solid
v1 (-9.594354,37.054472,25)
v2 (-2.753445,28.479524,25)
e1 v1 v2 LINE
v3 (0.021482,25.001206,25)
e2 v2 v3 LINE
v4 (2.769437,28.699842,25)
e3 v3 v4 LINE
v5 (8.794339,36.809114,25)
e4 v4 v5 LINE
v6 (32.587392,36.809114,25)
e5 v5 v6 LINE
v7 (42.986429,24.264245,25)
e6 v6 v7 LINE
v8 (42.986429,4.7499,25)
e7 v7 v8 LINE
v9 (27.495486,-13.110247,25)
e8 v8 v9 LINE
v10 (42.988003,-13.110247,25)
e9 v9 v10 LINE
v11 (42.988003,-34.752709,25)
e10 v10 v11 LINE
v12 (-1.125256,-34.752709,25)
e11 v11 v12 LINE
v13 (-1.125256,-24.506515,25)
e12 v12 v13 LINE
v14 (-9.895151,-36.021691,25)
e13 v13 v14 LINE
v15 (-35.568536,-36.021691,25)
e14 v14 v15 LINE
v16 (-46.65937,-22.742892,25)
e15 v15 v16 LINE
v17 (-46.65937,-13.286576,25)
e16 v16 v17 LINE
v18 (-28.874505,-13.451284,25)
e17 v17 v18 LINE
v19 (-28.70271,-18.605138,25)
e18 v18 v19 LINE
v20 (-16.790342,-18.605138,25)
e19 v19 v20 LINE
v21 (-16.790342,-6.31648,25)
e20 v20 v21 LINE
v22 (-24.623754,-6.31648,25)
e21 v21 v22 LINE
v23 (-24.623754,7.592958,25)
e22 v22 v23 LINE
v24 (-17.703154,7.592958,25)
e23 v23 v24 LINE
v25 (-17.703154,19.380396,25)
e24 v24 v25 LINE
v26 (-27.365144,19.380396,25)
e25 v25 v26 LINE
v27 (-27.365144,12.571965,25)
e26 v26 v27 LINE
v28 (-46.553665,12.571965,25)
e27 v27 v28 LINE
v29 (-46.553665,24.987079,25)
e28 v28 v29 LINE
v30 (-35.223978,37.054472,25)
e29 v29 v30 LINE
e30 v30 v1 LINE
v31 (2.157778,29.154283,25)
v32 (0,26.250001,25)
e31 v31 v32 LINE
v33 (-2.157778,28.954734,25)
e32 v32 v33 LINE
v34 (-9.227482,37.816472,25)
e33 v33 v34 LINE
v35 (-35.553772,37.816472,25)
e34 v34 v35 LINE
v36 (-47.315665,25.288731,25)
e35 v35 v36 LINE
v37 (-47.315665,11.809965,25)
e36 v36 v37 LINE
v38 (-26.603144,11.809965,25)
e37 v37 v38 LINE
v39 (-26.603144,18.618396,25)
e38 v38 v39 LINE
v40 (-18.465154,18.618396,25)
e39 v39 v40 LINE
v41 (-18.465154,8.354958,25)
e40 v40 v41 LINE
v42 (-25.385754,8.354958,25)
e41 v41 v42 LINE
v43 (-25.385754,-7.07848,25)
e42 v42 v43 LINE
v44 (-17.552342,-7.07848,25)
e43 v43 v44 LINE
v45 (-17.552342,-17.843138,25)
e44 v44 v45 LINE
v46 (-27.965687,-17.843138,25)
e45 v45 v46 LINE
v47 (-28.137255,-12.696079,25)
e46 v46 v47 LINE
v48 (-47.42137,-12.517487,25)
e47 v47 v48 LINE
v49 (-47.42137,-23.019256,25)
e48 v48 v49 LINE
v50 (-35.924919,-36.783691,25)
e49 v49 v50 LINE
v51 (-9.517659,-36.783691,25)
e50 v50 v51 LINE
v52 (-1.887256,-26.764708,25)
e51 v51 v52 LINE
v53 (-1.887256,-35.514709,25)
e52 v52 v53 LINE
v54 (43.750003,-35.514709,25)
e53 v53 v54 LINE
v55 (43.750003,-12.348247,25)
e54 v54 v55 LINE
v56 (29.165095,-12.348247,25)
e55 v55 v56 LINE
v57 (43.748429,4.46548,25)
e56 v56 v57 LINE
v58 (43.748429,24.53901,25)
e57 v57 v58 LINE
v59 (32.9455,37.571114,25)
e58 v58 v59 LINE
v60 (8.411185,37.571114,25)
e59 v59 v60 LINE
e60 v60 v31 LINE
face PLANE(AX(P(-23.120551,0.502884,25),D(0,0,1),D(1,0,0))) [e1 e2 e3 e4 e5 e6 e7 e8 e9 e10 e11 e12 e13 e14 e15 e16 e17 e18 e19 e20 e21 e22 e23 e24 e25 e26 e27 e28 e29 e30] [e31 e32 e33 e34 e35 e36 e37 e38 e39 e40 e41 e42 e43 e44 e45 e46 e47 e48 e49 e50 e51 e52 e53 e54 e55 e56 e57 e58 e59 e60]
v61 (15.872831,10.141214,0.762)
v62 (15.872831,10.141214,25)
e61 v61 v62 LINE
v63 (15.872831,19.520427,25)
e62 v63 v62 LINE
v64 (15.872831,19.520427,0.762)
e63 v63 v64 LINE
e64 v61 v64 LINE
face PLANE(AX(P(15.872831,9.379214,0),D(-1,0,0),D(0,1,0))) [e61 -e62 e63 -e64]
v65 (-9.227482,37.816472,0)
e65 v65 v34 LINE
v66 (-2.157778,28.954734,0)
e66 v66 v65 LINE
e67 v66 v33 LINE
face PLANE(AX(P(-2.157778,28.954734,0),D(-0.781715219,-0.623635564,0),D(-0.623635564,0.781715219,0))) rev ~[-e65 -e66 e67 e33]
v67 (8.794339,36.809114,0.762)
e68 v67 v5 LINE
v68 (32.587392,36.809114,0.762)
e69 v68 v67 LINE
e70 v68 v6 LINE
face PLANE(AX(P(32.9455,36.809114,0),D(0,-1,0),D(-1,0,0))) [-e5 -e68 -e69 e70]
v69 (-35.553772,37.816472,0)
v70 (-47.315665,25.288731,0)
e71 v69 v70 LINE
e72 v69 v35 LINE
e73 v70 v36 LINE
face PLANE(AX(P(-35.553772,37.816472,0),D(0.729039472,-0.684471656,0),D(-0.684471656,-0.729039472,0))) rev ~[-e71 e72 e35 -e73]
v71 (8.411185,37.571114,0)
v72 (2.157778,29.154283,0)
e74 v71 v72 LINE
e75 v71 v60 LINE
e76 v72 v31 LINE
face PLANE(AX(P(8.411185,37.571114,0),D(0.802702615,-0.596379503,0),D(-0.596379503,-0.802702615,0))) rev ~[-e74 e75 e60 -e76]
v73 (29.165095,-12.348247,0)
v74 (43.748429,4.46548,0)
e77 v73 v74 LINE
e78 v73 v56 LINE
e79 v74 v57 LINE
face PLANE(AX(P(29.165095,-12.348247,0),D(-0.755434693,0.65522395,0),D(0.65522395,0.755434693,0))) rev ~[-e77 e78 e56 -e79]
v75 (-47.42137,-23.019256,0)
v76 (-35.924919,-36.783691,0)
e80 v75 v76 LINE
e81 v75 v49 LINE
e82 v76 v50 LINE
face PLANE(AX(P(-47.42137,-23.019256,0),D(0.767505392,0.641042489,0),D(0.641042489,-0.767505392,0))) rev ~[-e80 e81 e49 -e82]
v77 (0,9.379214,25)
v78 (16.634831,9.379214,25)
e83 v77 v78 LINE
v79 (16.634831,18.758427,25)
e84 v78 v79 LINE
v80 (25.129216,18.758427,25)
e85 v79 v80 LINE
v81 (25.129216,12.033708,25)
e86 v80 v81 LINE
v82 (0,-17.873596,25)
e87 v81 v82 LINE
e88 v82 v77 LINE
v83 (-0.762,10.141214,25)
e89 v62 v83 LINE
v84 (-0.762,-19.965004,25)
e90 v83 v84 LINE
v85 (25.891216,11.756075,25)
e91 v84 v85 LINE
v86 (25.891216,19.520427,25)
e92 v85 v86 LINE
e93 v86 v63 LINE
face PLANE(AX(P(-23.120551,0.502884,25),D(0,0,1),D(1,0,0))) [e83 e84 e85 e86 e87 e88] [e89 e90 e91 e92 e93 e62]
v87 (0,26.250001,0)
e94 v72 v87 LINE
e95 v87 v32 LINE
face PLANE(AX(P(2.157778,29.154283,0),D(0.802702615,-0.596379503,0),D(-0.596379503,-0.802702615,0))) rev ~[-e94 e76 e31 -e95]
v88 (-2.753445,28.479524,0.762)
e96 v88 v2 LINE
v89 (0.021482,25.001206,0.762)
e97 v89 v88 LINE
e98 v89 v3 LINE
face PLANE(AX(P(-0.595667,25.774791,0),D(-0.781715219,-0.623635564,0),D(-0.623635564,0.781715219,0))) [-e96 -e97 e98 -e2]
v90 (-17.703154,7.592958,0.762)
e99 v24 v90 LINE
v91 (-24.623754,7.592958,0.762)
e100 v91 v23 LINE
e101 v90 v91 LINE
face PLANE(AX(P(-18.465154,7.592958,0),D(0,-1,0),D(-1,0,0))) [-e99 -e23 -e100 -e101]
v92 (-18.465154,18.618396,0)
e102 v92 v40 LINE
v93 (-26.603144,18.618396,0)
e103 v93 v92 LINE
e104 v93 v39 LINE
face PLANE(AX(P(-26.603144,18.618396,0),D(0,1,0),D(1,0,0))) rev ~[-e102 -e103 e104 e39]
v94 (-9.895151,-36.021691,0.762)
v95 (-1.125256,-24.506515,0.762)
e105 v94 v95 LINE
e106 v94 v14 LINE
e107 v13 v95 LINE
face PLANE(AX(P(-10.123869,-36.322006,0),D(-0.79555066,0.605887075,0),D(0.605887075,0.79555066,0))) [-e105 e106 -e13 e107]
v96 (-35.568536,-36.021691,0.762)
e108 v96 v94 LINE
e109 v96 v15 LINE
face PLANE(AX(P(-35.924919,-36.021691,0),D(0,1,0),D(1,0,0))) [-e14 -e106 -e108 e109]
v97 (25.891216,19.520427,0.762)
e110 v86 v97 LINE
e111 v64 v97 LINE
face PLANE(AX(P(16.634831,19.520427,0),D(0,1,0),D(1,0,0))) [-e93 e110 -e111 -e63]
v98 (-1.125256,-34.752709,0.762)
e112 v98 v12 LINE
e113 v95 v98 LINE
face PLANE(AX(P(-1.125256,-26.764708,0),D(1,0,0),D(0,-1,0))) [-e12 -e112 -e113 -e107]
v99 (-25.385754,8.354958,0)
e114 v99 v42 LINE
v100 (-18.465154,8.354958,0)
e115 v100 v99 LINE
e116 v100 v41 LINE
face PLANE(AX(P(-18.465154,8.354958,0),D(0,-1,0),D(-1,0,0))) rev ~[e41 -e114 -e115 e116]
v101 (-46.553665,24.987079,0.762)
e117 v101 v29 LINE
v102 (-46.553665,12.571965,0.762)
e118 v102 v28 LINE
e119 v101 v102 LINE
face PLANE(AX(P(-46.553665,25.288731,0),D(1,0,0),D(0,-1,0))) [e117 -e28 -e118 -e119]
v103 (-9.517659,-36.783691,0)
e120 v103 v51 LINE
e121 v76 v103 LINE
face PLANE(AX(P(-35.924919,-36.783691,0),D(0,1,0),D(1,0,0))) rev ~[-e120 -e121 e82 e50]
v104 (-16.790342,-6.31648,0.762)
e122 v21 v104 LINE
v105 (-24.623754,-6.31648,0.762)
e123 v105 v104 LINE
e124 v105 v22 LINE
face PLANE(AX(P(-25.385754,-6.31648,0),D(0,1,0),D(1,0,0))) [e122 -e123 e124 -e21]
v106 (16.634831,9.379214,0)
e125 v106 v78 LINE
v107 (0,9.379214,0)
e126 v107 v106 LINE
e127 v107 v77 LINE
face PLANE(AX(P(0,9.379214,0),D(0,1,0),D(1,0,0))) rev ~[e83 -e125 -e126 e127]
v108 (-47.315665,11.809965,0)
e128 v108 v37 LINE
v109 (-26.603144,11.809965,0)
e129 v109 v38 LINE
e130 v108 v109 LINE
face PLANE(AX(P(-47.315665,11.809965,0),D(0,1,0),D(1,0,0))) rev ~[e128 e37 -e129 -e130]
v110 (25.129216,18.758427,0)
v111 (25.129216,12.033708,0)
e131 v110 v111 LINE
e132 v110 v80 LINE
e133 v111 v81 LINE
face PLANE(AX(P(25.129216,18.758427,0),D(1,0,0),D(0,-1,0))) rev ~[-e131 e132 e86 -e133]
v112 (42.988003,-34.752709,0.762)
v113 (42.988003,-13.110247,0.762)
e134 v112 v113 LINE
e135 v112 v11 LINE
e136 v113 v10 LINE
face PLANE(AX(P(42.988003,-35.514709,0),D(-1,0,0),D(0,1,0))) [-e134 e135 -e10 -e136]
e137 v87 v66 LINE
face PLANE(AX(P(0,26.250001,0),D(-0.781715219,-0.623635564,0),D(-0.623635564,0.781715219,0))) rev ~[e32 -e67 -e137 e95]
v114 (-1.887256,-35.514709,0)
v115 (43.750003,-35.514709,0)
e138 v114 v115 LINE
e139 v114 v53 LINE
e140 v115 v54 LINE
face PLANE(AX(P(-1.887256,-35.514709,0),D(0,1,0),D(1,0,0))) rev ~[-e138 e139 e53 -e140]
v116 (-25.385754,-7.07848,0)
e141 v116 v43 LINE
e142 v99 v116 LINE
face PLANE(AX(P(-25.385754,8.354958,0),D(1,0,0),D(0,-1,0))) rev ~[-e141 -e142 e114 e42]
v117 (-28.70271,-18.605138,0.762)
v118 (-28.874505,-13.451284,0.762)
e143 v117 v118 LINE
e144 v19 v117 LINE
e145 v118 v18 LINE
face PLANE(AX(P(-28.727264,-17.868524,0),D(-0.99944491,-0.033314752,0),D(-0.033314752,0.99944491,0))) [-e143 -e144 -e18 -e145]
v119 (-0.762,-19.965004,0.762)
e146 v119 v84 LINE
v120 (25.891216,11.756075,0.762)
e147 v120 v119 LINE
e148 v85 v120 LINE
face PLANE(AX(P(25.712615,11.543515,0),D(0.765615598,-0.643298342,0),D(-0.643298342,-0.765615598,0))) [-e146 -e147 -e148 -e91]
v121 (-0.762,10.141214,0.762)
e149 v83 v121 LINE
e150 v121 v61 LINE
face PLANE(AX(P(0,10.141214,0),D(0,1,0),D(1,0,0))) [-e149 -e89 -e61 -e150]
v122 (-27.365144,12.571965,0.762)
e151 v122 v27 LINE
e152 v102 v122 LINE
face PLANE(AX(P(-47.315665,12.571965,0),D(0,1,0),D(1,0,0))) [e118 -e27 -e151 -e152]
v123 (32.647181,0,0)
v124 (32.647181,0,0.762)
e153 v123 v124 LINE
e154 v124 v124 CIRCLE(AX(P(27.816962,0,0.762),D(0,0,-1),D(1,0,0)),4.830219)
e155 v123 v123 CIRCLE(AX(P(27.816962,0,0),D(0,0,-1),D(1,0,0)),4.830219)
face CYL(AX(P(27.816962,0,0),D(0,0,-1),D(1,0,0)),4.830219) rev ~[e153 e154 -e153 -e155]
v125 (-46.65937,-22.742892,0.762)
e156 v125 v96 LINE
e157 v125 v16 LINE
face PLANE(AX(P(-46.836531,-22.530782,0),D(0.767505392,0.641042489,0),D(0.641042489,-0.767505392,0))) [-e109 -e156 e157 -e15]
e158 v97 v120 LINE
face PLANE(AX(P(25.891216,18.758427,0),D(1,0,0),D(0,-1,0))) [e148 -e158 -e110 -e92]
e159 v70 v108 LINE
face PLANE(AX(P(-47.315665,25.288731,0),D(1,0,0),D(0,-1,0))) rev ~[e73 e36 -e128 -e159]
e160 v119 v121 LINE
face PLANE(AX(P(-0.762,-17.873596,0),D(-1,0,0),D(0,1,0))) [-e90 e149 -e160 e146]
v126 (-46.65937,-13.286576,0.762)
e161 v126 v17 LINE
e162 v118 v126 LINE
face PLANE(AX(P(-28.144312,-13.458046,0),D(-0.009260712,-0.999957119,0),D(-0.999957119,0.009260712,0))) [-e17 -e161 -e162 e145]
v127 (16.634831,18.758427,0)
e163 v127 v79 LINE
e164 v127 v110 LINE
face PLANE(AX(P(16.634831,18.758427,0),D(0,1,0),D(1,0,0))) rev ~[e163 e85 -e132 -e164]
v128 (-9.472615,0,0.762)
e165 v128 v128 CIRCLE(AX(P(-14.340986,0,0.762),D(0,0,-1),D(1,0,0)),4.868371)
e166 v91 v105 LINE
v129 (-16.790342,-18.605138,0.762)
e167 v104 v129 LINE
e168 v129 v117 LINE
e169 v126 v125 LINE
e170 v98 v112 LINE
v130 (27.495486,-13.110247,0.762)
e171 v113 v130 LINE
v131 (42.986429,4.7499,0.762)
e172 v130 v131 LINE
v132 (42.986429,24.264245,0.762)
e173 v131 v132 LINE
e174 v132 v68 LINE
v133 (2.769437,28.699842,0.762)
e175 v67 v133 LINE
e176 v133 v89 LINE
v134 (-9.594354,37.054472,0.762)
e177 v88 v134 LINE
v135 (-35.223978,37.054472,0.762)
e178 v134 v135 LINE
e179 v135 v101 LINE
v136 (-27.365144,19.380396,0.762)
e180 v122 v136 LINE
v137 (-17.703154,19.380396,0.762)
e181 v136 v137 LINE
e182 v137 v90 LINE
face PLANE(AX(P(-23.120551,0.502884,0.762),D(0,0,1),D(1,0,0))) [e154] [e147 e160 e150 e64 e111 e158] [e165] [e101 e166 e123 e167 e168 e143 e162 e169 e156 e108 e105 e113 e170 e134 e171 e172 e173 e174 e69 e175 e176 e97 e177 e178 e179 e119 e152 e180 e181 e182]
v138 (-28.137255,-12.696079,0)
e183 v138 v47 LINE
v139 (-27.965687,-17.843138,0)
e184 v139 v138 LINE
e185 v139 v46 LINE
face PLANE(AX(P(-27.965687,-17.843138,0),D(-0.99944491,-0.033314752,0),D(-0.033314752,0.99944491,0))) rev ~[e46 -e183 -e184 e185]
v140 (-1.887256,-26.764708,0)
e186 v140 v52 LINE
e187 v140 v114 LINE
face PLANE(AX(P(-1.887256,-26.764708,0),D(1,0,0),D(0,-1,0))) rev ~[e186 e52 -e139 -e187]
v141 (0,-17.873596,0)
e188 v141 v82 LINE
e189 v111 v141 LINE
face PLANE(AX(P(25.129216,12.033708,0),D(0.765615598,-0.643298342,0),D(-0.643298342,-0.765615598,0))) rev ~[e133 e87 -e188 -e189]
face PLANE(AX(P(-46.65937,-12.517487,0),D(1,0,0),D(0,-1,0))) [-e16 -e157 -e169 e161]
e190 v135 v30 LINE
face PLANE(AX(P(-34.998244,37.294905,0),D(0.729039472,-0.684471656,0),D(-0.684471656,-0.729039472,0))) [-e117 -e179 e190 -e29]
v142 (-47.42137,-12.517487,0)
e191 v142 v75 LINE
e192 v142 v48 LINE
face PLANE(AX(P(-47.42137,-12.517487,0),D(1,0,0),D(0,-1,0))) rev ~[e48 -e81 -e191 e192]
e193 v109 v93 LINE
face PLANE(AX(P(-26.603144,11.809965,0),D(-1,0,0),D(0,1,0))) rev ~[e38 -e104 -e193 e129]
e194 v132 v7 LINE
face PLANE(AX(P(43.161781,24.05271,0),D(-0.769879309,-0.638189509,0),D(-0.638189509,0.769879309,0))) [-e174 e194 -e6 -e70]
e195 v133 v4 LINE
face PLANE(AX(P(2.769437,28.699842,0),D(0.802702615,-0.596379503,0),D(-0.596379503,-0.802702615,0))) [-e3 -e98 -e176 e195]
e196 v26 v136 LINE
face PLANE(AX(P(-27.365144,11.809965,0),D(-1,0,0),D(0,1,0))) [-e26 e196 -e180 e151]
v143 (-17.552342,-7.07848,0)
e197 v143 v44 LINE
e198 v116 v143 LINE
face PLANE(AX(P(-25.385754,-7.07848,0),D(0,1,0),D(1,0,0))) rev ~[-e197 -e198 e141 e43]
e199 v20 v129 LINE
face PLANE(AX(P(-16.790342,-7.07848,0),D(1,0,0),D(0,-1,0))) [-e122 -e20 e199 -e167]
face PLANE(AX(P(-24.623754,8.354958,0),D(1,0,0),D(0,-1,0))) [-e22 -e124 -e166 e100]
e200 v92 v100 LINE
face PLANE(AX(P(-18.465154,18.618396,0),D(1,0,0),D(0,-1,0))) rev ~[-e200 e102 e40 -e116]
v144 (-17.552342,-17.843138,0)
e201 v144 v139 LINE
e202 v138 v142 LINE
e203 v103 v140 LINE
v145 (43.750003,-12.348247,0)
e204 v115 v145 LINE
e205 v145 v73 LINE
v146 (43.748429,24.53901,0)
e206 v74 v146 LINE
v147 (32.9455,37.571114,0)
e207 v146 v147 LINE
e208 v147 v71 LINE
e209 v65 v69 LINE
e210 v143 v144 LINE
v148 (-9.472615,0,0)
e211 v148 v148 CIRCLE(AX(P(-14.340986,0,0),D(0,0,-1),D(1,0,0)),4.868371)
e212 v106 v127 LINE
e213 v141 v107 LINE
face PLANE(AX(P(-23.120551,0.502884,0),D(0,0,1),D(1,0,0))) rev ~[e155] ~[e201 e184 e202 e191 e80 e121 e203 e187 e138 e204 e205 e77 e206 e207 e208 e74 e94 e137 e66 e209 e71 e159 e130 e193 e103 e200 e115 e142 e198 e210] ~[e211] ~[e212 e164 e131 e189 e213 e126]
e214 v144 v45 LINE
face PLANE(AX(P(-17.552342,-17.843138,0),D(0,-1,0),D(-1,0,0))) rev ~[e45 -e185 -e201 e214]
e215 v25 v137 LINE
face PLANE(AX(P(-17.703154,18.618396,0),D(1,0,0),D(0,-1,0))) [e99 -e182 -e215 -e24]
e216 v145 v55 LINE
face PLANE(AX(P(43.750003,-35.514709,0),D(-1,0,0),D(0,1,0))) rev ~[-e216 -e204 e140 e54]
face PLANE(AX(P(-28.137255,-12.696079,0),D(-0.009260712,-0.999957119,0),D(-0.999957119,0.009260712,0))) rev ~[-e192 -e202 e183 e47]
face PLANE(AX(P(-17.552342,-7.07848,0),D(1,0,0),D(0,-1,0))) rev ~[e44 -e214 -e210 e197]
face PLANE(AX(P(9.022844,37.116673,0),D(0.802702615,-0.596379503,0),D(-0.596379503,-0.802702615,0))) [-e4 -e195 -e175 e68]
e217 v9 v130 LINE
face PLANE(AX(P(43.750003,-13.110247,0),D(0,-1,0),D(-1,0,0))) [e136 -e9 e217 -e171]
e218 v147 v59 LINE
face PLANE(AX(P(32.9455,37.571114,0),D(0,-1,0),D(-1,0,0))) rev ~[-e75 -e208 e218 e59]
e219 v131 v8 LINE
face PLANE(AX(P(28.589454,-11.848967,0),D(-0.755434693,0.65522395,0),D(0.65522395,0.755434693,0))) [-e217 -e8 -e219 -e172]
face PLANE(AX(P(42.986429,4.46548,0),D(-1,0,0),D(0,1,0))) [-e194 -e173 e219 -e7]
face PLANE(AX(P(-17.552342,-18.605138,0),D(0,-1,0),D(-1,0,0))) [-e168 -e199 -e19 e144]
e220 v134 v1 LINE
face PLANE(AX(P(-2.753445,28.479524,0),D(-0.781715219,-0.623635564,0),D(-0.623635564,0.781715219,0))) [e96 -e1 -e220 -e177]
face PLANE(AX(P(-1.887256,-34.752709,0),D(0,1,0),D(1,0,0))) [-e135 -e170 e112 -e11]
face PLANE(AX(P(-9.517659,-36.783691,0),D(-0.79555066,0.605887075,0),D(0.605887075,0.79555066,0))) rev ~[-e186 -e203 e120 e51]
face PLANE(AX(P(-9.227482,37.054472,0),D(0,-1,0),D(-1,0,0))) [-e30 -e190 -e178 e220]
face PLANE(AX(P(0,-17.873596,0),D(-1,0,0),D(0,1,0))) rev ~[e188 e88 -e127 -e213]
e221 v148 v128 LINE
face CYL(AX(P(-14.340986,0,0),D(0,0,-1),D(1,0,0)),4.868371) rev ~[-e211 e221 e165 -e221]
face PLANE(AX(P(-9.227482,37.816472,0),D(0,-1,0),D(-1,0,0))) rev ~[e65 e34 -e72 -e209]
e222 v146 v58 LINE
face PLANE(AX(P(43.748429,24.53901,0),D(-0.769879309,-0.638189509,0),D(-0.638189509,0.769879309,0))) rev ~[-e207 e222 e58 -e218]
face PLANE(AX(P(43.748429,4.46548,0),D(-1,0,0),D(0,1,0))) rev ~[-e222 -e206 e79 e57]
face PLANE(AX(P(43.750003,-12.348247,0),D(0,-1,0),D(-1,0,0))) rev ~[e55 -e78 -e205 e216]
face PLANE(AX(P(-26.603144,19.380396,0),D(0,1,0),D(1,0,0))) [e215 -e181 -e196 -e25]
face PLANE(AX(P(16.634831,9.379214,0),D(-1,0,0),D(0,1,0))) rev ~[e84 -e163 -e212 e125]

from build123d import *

# Parameters (mm, degrees)
F2_DEPTH = 25
F3_T     = -0.762
F4_R     = 4.8683707858
F4_R_2   = 4.8302186576
F5_DEPTH = 25


with BuildPart() as f2:
    # F1 (on face) → F2 (new body)
    with BuildSketch(Plane.XY):
        Polygon((0, 9.3792136759), (0, 26.2500010431), (-2.1577780027, 28.9547343873), (-9.2274816707, 37.8164723516), (-35.5537720025, 37.8164723516), (-47.3156645894, 25.2887308598), (-47.3156645894, 11.8099646643), (-26.6031436622, 11.8099646643), (-26.6031436622, 18.618395552), (-18.465153873, 18.618395552), (-18.465153873, 8.3549581468), (-25.3857541829, 8.3549581468), (-25.3857541829, -7.0784804411), (-17.5523422658, -7.0784804411), (-17.5523422658, -17.8431384265), (-27.9656872153, -17.8431384265), (-28.13725546, -12.6960789785), (-47.4213697016, -12.5174866989), (-47.4213697016, -23.0192560703), (-35.9249189496, -36.7836914957), (-9.5176594332, -36.7836914957), (-1.8872555811, -26.7647076398), (0, -17.8735964), align=None)
        Polygon((2.1577780027, 29.1542826942), (0, 26.2500010431), (0, 9.3792136759), (16.634831205, 9.3792136759), (16.634831205, 18.7584273517), (25.1292157918, 18.7584273517), (25.1292157918, 12.0337083936), (0, -17.8735964), (-1.8872555811, -26.7647076398), (-1.8872555811, -35.5147086084), (43.7500029802, -35.5147086084), (43.7500029802, -12.3482472258), (29.1650951026, -12.3482472258), (43.7484294293, 4.4654798699), (43.7484294293, 24.5390101341), (32.9454995436, 37.5711143732), (8.4111846728, 37.5711143732), align=None)
    extrude(amount=F2_DEPTH)

    # F3
    f3_openings = [f2.faces().sort_by_distance(p)[0] for p in [
        (-5.53462, 31.298579, 25),
    ]]
    offset(amount=F3_T, openings=f3_openings, kind=Kind.INTERSECTION)

    # F4 (on face) → F5 (cut)
    with BuildSketch(Plane(origin=(0, 0, 0), x_dir=(1, 0, 0), z_dir=(0, 0, -1))):
        with Locations((-14.3409855664, 0)):
            Circle(F4_R)
        with Locations((27.8169624507, 0)):
            Circle(F4_R_2)
    extrude(amount=-F5_DEPTH, mode=Mode.SUBTRACT)


solid = f2.part
